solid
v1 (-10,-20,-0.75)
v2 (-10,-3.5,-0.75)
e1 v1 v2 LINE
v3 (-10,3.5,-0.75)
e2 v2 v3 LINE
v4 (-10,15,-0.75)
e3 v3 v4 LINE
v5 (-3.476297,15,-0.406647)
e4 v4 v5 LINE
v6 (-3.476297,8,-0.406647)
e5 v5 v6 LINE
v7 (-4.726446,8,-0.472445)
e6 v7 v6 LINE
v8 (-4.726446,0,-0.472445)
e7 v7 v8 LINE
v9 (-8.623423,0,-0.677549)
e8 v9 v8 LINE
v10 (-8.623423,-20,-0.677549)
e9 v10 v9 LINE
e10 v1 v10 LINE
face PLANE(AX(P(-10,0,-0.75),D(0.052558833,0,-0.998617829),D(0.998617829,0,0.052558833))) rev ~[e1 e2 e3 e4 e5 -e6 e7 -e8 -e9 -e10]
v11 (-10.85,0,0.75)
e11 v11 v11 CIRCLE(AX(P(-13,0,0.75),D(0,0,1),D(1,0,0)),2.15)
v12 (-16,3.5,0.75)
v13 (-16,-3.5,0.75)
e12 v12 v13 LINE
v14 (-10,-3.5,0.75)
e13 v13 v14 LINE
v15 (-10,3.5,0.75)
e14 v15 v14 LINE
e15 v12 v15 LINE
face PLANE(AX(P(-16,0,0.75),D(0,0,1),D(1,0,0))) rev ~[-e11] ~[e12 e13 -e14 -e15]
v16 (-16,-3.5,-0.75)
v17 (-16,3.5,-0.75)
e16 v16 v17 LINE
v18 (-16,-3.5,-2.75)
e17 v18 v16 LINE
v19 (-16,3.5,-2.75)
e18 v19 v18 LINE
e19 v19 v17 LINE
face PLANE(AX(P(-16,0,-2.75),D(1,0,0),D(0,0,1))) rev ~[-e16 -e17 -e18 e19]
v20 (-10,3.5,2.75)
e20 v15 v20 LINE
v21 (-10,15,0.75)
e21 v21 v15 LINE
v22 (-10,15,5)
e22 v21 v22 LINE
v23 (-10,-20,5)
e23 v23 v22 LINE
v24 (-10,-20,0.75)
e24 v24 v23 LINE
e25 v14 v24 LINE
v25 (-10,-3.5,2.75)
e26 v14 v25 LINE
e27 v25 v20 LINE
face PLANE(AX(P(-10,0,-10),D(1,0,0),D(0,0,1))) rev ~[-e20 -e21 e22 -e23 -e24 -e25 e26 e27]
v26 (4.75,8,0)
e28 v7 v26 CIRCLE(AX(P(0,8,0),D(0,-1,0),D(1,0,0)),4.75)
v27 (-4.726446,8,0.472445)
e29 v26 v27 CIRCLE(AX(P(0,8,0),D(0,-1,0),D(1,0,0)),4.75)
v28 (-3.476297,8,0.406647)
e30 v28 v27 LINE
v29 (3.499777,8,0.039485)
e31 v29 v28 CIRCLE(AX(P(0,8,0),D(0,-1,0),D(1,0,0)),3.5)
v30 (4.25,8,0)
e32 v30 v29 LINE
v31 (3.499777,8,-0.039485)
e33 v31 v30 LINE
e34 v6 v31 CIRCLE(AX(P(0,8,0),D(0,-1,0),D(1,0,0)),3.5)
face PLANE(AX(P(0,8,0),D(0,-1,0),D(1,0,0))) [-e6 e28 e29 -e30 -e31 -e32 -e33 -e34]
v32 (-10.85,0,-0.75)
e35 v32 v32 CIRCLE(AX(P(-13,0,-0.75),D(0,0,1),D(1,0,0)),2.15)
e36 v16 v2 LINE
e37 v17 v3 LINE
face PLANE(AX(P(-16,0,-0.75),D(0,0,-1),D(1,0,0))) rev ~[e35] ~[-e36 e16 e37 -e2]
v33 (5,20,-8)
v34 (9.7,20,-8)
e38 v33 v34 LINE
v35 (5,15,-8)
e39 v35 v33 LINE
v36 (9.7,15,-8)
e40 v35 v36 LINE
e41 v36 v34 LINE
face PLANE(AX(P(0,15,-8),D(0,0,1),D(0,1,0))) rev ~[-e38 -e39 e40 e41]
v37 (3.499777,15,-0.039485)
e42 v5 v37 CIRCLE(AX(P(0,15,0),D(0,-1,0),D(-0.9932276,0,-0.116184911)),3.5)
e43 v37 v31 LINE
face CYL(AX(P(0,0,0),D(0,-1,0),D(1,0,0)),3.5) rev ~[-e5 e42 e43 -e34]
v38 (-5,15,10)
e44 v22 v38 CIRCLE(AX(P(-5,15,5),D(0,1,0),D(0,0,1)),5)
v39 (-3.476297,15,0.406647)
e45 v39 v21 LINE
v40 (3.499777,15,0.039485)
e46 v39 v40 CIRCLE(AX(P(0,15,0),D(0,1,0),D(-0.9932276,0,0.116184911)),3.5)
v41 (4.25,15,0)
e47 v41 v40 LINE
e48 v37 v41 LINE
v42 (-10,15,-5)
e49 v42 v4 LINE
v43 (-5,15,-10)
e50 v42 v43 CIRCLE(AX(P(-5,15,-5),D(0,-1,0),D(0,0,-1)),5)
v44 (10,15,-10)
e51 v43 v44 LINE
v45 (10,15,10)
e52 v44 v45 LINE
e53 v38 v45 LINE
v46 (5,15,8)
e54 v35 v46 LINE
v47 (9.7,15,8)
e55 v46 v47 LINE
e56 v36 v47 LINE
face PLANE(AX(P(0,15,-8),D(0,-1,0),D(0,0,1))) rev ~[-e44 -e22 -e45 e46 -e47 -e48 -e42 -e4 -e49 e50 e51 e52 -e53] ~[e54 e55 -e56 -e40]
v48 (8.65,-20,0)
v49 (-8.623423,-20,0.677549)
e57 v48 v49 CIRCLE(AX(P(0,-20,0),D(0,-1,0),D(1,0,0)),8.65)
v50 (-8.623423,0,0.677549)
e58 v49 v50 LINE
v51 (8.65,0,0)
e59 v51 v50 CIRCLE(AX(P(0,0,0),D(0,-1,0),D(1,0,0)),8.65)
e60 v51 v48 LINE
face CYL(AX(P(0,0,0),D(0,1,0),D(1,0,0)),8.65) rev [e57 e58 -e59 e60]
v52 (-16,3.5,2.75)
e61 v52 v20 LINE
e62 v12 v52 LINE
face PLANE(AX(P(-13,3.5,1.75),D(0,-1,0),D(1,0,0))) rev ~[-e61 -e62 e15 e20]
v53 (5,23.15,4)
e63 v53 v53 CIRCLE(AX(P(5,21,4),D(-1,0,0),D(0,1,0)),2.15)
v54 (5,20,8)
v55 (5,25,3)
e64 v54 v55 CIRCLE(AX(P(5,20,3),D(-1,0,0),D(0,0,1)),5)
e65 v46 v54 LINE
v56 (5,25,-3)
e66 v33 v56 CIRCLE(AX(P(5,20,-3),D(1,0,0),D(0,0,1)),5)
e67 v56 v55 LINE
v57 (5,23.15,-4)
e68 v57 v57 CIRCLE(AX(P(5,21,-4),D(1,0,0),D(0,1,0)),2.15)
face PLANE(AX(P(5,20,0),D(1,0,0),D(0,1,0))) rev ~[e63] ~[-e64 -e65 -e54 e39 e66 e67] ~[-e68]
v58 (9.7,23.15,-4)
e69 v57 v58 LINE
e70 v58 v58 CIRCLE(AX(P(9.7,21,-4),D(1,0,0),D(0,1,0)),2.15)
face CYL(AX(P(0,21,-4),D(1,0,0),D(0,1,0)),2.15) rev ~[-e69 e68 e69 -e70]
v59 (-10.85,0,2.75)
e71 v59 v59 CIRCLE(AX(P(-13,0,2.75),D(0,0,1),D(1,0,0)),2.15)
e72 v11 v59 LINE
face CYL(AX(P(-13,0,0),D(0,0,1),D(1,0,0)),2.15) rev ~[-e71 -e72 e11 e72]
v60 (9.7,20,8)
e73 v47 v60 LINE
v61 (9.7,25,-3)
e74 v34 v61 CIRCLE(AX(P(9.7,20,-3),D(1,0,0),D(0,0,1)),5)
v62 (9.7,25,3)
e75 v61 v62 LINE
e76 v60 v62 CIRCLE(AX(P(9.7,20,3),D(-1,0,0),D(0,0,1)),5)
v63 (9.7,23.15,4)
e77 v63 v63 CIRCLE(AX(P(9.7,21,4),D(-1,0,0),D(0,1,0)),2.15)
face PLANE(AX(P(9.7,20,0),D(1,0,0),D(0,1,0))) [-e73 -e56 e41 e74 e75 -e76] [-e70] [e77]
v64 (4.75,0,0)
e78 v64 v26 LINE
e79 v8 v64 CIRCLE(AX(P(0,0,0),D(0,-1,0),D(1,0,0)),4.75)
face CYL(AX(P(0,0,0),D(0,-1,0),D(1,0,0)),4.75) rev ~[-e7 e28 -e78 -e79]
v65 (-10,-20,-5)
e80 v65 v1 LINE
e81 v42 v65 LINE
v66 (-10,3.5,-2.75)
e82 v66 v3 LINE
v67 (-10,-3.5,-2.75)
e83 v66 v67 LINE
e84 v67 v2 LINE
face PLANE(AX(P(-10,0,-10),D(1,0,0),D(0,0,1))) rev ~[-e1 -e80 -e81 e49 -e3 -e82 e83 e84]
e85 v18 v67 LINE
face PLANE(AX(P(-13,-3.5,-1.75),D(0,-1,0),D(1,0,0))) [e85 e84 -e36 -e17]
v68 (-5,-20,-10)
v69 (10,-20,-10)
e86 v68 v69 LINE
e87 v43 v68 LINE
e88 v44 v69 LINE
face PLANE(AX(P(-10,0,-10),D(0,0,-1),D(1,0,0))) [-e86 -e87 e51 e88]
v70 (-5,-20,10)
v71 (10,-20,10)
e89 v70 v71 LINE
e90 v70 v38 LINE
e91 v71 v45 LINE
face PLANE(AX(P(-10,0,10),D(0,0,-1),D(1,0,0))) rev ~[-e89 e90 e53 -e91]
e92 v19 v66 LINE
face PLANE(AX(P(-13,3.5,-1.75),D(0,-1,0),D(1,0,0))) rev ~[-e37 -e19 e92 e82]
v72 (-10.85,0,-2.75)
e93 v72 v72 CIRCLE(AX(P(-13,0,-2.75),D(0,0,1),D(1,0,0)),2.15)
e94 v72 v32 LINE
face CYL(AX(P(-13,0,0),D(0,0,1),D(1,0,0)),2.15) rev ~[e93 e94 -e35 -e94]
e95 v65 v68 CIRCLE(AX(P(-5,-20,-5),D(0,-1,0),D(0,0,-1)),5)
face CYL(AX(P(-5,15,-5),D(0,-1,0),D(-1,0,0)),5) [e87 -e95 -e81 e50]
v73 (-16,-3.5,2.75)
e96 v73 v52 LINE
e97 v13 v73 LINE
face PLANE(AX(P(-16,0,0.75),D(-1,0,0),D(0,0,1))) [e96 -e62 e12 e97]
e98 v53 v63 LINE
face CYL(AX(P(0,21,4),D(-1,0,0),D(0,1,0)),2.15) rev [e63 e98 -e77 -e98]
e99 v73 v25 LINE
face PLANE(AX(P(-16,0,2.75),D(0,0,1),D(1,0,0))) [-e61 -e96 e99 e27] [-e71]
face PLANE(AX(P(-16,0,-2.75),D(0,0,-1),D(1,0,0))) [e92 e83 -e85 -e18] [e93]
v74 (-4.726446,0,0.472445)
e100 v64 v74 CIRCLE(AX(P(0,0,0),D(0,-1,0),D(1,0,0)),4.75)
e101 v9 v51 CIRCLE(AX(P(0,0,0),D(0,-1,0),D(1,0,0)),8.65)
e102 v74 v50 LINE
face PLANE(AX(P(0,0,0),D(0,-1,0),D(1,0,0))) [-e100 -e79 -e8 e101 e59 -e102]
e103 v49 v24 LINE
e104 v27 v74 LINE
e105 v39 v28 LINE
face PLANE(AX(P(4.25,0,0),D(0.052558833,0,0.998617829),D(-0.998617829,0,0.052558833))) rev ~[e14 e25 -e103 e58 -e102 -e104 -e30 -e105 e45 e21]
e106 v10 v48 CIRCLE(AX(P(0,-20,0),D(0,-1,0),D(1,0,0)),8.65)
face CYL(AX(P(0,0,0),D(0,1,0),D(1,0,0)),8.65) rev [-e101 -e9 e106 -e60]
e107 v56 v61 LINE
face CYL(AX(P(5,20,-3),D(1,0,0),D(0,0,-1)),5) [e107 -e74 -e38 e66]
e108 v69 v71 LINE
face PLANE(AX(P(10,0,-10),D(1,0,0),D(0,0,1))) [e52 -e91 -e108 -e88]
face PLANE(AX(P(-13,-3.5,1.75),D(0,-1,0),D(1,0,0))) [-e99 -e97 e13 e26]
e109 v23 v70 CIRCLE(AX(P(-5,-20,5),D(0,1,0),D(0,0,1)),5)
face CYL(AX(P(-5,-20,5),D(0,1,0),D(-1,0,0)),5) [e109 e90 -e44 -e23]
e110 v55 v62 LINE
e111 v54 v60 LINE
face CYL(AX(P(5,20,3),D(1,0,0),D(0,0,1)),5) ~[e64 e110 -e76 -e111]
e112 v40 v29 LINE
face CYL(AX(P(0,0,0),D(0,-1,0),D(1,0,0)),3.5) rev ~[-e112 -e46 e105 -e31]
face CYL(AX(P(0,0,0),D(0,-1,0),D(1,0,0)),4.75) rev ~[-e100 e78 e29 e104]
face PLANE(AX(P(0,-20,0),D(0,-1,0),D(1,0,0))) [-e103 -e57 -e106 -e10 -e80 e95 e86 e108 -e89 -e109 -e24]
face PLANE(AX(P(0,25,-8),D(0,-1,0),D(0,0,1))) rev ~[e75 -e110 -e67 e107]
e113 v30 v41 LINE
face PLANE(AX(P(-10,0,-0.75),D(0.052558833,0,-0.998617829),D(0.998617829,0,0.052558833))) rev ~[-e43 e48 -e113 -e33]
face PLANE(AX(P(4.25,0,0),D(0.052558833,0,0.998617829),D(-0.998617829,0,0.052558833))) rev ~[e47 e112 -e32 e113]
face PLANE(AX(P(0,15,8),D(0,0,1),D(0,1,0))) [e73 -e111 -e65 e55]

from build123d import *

# Parameters (mm, degrees)
F0_W      = 20
F0_H      = 20
F0_R      = 8.65
F1_DEPTH  = 20
F2_W      = 20
F2_H      = 20
F3_DEPTH  = 15
F4_R      = 4.75
F5_DEPTH  = 8
F6_R      = 2.075
F7_DEPTH  = 11
F9_DEPTH  = 25.3
F10_W     = 6
F10_H     = 2
F11_DEPTH = 3.5
F12_R     = 2.15
F13_DEPTH = 5.23
F14_R     = 1.65
F15_DEPTH = 6.34
F16_R     = 3.5
F17_DEPTH = 31.8
F18_R     = 5
F20_W     = 10
F20_H     = 16
F21_DEPTH = 9.7
F22_DEPTH = 5
F23_R     = 2.15
F24_DEPTH = 12.5
F25_R     = 5


with BuildPart() as f1:
    # F0 (on Front) → F1 (new body)
    with BuildSketch(Plane.XZ):
        Rectangle(F0_W, F0_H)
        Circle(F0_R, mode=Mode.SUBTRACT)
    extrude(amount=F1_DEPTH)

    # F2 (on Front) → F3 (join)
    with BuildSketch(Plane.XZ):
        Rectangle(F2_W, F2_H)
    extrude(amount=-F3_DEPTH)

    # F4 (on Front) → F5 (cut)
    with BuildSketch(Plane.XZ):
        Circle(F4_R)
    extrude(amount=-F5_DEPTH, mode=Mode.SUBTRACT)

    # F6 (on Front) → F7 (cut)
    with BuildSketch(Plane.XZ):
        Circle(F6_R)
    extrude(amount=-F7_DEPTH, mode=Mode.SUBTRACT)

    # F8 (on Front) → F9 (cut, symmetric)
    with BuildSketch(Plane.XZ):
        Polygon((4.25, 0), (-10, 0.75), (-10, -0.75), align=None)
    extrude(amount=F9_DEPTH, both=True, mode=Mode.SUBTRACT)

    # F10 (on Front) → F11 (join, symmetric)
    with BuildSketch(Plane.XZ):
        with Locations((-13, 1.75)):
            Rectangle(F10_W, F10_H)
        with Locations((-13, -1.75)):
            Rectangle(F10_W, F10_H)
    extrude(amount=F11_DEPTH, both=True)

    # F12 (on Top) → F13 (cut, symmetric)
    with BuildSketch(Plane.XY):
        with Locations((-13, 0)):
            Circle(F12_R)
    extrude(amount=F13_DEPTH, both=True, mode=Mode.SUBTRACT)

    # F14 (on Top) → F15 (cut)
    with BuildSketch(Plane.XY):
        with Locations((-13, 0)):
            Circle(F14_R)
    extrude(amount=-F15_DEPTH, mode=Mode.SUBTRACT)

    # F16 (on Front) → F17 (cut)
    with BuildSketch(Plane.XZ):
        Circle(F16_R)
    extrude(amount=-F17_DEPTH, mode=Mode.SUBTRACT)

    # F18
    f18_edges = [f1.edges().sort_by_distance(p)[0] for p in [
        (-10, -2.5, -10),
        (-10, -2.5, 10),
    ]]
    fillet(f18_edges, radius=F18_R)

    # F20 (on Right) → F21 (join)
    with BuildSketch(Plane.YZ):
        with Locations((20, 0)):
            Rectangle(F20_W, F20_H)
    extrude(amount=F21_DEPTH)

    # F20 (on Right) → F22 (cut)
    with BuildSketch(Plane.YZ):
        with Locations((20, 0)):
            Rectangle(F20_W, F20_H)
    extrude(amount=F22_DEPTH, mode=Mode.SUBTRACT)

    # F23 (on face) → F24 (cut, symmetric)
    with BuildSketch(Plane.YZ):
        with Locations((21, 4)):
            Circle(F23_R)
        with Locations((21, -4)):
            Circle(F23_R)
    extrude(amount=F24_DEPTH, both=True, mode=Mode.SUBTRACT)

    # F25
    f25_edges = [f1.edges().sort_by_distance(p)[0] for p in [
        (7.35, 25, -8),
        (7.35, 25, 8),
    ]]
    fillet(f25_edges, radius=F25_R)


solid = f1.part
